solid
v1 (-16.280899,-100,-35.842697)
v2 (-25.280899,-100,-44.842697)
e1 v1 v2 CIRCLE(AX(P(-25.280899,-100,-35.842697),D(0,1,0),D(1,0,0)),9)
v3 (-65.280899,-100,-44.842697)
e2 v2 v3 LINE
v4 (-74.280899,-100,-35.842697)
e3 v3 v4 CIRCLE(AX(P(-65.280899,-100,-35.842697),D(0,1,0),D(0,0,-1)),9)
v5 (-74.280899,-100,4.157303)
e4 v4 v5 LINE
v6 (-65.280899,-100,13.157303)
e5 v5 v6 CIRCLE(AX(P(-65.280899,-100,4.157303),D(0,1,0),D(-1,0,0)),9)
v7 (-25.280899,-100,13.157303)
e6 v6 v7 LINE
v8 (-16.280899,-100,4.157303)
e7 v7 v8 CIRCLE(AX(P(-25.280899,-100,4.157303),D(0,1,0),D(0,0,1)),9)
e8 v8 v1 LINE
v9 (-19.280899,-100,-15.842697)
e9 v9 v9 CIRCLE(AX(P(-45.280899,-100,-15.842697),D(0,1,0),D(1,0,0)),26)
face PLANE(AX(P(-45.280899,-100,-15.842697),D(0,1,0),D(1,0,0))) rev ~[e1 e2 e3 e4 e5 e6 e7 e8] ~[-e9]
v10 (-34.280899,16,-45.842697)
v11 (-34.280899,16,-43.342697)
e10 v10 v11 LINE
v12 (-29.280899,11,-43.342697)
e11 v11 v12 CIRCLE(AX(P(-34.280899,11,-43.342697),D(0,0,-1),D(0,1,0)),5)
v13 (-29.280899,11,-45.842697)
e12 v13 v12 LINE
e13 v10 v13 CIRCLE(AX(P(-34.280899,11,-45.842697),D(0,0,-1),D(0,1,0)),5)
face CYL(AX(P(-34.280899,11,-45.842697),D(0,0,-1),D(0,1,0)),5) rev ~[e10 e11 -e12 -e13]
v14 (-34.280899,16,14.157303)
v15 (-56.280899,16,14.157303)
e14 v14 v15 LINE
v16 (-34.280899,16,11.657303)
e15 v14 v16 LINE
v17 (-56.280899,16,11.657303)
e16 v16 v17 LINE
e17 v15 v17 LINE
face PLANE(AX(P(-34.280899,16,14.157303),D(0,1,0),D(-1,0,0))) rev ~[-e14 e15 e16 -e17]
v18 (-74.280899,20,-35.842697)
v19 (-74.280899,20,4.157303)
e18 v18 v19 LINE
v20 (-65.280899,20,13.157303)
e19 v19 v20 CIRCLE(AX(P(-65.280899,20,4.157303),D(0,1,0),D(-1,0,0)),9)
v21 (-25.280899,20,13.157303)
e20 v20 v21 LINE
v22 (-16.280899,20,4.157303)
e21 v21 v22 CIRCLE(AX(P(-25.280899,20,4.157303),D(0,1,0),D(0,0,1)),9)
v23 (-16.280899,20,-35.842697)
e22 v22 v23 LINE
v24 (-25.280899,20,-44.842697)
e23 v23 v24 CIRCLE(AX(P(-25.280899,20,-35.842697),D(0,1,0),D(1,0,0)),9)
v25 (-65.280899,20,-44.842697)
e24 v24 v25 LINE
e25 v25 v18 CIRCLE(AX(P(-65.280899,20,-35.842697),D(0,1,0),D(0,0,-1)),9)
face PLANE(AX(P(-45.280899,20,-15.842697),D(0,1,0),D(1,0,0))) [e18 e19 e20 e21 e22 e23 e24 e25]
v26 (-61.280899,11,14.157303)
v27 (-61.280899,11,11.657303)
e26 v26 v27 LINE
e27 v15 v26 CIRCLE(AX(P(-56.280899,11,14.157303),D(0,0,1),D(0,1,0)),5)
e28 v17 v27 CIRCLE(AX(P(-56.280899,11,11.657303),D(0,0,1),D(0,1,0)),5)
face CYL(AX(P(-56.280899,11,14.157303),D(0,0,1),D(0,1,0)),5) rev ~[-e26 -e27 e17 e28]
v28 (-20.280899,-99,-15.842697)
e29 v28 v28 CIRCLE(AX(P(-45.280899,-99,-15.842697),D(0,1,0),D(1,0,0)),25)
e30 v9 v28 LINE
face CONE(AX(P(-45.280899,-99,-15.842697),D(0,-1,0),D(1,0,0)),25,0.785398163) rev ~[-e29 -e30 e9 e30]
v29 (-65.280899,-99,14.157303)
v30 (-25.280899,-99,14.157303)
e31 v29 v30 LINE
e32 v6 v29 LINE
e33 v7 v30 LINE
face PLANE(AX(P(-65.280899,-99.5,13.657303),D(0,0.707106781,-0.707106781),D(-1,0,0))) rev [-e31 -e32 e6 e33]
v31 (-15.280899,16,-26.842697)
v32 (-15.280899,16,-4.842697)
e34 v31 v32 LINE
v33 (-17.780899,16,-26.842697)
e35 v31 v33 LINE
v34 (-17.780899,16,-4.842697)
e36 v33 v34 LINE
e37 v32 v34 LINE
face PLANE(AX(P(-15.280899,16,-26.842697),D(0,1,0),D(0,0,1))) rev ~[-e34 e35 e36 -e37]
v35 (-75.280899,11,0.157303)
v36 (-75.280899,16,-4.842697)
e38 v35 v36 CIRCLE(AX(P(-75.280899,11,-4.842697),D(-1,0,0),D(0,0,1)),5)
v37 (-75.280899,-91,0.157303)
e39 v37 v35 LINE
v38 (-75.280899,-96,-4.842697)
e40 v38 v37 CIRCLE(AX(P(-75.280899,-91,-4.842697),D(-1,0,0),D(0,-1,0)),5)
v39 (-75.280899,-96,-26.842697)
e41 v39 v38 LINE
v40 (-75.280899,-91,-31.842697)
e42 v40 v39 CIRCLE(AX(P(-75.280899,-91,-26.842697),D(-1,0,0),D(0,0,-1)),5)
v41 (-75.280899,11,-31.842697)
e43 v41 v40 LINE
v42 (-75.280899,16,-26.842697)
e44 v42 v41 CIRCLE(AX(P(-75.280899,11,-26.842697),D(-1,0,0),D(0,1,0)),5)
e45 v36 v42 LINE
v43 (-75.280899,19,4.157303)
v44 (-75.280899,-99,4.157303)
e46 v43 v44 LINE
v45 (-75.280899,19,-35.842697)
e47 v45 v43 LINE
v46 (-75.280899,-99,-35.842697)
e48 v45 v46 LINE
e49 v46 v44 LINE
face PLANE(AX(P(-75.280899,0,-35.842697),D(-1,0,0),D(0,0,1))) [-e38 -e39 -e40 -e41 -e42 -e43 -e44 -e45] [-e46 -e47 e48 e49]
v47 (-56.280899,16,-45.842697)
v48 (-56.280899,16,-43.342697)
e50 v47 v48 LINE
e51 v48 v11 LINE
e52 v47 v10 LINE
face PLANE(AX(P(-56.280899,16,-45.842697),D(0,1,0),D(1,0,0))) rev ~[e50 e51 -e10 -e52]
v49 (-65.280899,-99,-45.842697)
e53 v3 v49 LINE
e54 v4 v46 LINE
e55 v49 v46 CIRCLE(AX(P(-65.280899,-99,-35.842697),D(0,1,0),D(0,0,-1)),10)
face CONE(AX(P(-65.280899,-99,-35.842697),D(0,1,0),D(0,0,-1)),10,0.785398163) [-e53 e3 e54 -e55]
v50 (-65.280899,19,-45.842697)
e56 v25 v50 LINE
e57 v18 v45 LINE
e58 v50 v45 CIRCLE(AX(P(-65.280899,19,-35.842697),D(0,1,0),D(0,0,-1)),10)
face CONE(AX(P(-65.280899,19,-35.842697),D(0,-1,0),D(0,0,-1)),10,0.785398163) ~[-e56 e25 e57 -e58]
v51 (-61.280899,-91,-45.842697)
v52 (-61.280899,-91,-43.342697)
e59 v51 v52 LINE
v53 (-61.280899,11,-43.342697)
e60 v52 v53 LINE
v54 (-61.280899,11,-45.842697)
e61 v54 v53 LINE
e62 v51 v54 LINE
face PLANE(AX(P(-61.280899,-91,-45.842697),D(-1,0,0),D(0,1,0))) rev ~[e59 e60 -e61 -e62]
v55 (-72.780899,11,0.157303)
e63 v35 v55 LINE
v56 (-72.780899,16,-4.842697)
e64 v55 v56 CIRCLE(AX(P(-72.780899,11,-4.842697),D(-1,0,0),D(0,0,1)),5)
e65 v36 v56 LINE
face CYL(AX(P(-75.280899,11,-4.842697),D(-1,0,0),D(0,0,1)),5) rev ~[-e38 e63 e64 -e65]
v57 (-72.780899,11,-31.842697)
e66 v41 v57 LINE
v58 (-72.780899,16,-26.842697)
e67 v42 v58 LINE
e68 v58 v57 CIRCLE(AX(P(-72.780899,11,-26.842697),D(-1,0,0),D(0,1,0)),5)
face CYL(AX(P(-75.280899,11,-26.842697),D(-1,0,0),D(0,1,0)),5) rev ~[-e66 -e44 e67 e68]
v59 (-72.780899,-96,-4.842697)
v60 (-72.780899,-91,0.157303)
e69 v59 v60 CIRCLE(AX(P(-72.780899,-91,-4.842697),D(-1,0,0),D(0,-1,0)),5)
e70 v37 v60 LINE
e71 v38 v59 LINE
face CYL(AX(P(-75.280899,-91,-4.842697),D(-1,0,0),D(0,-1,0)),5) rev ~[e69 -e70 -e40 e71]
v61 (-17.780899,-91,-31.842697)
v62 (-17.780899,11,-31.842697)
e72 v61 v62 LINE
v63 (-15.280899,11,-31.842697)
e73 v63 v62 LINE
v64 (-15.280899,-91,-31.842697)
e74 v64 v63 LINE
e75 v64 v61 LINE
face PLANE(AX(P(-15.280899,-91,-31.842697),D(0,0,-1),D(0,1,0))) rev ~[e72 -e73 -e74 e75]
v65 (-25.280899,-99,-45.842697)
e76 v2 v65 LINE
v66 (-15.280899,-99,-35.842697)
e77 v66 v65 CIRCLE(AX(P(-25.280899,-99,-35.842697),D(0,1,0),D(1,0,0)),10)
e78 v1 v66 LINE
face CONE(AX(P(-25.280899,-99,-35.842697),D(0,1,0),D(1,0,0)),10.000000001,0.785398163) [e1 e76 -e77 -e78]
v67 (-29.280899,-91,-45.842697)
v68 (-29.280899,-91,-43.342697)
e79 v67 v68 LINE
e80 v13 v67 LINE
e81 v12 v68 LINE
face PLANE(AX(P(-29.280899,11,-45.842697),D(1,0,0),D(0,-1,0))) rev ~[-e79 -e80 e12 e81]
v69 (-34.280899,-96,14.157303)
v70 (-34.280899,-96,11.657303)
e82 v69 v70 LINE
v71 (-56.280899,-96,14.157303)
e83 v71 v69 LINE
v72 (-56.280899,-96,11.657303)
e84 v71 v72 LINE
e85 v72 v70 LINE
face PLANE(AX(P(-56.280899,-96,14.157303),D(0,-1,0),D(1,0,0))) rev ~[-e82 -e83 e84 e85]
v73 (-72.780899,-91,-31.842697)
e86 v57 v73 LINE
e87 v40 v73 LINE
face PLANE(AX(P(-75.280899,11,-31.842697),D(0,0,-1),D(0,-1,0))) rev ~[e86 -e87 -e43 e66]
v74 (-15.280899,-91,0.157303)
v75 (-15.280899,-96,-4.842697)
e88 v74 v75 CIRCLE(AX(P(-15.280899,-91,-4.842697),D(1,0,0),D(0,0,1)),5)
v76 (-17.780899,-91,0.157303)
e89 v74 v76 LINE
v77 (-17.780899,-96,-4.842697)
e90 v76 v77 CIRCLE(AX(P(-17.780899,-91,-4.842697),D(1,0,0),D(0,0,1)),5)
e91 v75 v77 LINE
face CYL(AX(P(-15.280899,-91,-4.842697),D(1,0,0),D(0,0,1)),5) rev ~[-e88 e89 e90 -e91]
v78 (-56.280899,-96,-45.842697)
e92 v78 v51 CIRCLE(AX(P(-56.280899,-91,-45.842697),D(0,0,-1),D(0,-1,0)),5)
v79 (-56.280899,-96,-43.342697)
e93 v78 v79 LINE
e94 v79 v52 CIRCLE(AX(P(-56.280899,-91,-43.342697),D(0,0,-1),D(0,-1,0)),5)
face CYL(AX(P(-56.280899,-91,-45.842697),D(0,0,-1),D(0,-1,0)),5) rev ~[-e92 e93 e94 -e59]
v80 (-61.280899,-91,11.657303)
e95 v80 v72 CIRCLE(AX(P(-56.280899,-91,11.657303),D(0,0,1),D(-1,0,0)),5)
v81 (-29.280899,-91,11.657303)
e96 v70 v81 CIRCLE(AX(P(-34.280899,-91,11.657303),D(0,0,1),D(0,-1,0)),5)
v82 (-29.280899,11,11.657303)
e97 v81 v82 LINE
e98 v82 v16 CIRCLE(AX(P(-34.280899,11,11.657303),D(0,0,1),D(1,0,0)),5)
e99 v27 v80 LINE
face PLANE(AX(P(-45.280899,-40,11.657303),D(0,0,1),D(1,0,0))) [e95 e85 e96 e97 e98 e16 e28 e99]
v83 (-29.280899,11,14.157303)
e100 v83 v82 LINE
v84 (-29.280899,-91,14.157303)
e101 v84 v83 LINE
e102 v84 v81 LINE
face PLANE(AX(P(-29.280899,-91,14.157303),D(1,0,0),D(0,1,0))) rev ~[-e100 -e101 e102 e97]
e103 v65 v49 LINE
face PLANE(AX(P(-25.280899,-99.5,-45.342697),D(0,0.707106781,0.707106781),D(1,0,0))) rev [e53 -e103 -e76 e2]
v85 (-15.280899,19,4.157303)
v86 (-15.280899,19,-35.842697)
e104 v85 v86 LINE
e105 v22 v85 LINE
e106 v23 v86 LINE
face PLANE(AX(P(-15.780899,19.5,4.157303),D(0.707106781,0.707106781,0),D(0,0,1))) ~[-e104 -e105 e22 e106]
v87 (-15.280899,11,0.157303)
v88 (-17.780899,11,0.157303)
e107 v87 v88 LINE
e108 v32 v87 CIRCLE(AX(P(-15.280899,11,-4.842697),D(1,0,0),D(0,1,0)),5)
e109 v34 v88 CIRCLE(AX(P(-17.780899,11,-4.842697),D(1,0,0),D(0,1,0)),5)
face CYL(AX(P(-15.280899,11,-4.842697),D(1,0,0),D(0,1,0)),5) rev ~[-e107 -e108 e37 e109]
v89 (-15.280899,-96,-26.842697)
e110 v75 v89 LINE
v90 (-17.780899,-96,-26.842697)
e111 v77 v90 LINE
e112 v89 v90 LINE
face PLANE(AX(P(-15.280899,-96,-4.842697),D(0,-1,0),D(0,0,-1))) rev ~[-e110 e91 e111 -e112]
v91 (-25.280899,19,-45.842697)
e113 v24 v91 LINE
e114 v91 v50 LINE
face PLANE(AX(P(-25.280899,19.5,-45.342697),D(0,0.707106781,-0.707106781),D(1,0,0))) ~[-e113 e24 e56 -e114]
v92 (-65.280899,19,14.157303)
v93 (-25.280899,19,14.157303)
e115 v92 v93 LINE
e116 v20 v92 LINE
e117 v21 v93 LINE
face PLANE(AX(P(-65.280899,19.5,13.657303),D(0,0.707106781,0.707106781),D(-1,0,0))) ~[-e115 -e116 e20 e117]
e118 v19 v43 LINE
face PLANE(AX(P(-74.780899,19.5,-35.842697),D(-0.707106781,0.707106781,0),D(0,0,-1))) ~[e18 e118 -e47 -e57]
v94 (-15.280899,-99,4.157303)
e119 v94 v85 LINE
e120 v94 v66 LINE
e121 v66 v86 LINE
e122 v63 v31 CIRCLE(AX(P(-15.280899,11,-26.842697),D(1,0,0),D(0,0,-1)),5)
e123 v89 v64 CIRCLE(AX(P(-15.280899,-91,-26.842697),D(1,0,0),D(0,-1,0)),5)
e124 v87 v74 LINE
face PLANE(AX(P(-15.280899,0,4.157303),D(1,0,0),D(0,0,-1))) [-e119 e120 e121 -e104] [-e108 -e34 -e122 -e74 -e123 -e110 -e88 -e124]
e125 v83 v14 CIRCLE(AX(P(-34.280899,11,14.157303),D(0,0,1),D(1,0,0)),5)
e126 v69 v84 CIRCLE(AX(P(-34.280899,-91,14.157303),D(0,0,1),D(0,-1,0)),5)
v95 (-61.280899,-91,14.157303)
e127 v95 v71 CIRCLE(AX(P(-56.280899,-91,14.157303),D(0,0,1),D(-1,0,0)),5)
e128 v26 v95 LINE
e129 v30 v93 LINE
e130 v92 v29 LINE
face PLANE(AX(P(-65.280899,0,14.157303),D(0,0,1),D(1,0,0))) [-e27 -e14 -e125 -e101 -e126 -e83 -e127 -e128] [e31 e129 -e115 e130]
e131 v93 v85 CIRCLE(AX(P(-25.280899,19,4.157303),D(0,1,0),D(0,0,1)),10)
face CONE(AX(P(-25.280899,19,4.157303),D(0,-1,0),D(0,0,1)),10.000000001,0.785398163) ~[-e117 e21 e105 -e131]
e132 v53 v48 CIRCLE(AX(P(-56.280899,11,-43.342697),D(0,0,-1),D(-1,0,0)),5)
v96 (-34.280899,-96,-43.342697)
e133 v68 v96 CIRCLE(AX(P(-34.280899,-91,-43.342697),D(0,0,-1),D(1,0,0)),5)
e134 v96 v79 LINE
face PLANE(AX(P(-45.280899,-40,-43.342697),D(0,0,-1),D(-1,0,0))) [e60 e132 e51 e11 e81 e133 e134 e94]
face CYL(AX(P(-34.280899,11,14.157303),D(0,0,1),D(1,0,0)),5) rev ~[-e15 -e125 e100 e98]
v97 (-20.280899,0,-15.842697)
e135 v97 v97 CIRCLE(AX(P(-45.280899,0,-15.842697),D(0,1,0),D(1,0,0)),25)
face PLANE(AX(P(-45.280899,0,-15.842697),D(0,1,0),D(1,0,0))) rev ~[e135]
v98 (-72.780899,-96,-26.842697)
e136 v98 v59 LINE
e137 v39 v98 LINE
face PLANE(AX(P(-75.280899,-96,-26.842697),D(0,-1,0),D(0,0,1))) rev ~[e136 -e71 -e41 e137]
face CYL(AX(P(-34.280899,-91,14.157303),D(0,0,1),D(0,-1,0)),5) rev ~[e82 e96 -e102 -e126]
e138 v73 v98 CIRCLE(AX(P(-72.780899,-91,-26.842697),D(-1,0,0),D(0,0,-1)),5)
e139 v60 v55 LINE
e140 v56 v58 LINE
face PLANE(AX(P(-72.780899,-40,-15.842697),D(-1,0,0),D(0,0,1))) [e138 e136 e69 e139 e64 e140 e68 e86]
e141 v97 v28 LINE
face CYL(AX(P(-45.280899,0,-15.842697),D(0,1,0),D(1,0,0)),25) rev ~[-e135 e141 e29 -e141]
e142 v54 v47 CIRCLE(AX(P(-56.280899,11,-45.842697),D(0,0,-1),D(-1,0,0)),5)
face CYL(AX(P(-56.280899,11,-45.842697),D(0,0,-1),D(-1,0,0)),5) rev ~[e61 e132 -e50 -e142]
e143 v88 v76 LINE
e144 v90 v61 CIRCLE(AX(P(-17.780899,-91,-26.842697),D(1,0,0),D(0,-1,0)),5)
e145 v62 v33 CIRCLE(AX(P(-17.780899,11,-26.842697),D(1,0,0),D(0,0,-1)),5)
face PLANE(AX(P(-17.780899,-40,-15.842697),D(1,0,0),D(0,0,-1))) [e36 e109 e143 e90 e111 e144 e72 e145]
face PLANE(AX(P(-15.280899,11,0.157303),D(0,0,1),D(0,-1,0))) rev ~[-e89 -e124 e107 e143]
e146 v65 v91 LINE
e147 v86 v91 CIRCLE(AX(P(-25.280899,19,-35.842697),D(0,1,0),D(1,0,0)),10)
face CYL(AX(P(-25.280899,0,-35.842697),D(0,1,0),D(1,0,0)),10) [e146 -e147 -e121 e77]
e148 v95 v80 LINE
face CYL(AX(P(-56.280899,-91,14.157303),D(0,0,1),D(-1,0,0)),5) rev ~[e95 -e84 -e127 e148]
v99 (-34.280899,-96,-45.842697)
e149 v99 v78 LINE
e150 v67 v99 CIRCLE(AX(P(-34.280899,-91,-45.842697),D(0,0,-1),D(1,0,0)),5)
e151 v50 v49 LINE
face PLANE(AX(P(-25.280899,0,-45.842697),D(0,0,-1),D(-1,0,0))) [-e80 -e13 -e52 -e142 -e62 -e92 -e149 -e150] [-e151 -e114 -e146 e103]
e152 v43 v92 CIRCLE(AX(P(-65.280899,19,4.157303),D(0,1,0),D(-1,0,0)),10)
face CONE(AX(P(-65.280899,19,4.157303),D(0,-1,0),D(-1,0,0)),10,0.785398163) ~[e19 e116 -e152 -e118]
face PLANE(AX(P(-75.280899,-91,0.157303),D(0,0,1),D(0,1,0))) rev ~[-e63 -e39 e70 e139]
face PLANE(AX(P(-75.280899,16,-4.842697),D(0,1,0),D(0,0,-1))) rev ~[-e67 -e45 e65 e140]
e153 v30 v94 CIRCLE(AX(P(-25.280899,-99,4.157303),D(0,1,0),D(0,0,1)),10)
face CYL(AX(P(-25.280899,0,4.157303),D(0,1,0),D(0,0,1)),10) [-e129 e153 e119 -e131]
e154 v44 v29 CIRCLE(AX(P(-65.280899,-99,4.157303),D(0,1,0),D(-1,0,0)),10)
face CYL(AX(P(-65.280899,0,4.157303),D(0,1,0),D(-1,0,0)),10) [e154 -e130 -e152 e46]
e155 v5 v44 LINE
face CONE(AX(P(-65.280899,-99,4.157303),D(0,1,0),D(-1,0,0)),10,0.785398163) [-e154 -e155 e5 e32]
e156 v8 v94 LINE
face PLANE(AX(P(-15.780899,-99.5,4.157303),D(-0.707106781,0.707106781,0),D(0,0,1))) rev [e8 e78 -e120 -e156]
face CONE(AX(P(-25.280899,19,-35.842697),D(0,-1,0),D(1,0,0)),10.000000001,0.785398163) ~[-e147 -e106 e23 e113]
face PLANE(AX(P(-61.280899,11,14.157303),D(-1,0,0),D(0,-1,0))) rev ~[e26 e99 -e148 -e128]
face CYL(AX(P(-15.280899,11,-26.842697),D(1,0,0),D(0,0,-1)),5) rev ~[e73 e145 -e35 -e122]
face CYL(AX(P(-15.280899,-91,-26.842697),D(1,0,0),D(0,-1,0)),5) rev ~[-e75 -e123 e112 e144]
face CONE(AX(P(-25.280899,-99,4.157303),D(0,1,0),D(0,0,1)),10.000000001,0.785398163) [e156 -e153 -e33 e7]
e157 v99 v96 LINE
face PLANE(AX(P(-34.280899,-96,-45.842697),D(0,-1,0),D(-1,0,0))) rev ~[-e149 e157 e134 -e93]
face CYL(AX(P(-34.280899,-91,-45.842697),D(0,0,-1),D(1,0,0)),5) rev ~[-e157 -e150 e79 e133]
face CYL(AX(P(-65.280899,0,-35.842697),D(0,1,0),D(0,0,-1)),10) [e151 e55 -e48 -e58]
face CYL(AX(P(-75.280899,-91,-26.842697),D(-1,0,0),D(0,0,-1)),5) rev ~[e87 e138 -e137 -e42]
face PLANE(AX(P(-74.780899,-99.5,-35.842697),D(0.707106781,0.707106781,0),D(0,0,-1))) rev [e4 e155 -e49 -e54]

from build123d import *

# Parameters (mm, degrees)
BOSS_EXTRUDE1_DEPTH = 20
BOSS_EXTRUDE2_START = -100
SKETCH1_3_R         = 25
BOSS_EXTRUDE2_DEPTH = 100
CUT_EXTRUDE1_DEPTH  = 2.5
CIRPATTERN1_COUNT   = 4
CHAMFER1_SIZE       = 1


with BuildPart() as part:
    # Sketch1 → Boss-Extrude1 (new body)
    with BuildSketch(Plane(origin=(0, 0, 0), x_dir=(1, 0, 0), z_dir=(0, 1, 0))):
        with BuildLine():
            Line((-65.280898876, -14.157303371), (-25.280898876, -14.157303371))
            ThreePointArc((-25.280898876, -14.157303371), (-18.209831065, -11.228371183), (-15.280898876, -4.157303371))
            Line((-15.280898876, -4.157303371), (-15.280898876, 35.842696629))
            ThreePointArc((-15.280898876, 35.842696629), (-18.209831065, 42.913764441), (-25.280898876, 45.842696629))
            Line((-25.280898876, 45.842696629), (-65.280898876, 45.842696629))
            ThreePointArc((-65.280898876, 45.842696629), (-72.351966688, 42.913764441), (-75.280898876, 35.842696629))
            Line((-75.280898876, 35.842696629), (-75.280898876, -4.157303371))
            ThreePointArc((-75.280898876, -4.157303371), (-72.351966688, -11.228371183), (-65.280898876, -14.157303371))
        make_face()
    extrude(amount=BOSS_EXTRUDE1_DEPTH)

    # Sketch1<3> → Boss-Extrude2 (add)
    with BuildSketch(Plane(origin=(0, 0, 0), x_dir=(1, 0, 0), z_dir=(0, 1, 0)).offset(BOSS_EXTRUDE2_START)):
        with BuildLine():
            Line((-65.280898876, -14.157303371), (-25.280898876, -14.157303371))
            ThreePointArc((-25.280898876, -14.157303371), (-18.209831065, -11.228371183), (-15.280898876, -4.157303371))
            Line((-15.280898876, -4.157303371), (-15.280898876, 35.842696629))
            ThreePointArc((-15.280898876, 35.842696629), (-18.209831065, 42.913764441), (-25.280898876, 45.842696629))
            Line((-25.280898876, 45.842696629), (-65.280898876, 45.842696629))
            ThreePointArc((-65.280898876, 45.842696629), (-72.351966688, 42.913764441), (-75.280898876, 35.842696629))
            Line((-75.280898876, 35.842696629), (-75.280898876, -4.157303371))
            ThreePointArc((-75.280898876, -4.157303371), (-72.351966688, -11.228371183), (-65.280898876, -14.157303371))
        make_face()
        with Locations((-45.280898876, 15.842696629)):
            Circle(SKETCH1_3_R, mode=Mode.SUBTRACT)
    extrude(amount=BOSS_EXTRUDE2_DEPTH)

    # Sketch2 → Cut-Extrude1 (cut)
    with BuildSketch(Plane(origin=(0, 0, -45.842696629), x_dir=(-1, 0, 0), z_dir=(0, 0, -1))):
        with BuildLine():
            Line((61.280898876, -91), (61.280898876, 11))
            ThreePointArc((61.280898876, 11), (59.816432782, 14.535533906), (56.280898876, 16))
            Line((56.280898876, 16), (34.280898876, 16))
            ThreePointArc((34.280898876, 16), (30.74536497, 14.535533906), (29.280898876, 11))
            Line((29.280898876, 11), (29.280898876, -91))
            ThreePointArc((29.280898876, -91), (30.74536497, -94.535533906), (34.280898876, -96))
            Line((34.280898876, -96), (56.280898876, -96))
            ThreePointArc((56.280898876, -96), (59.816432782, -94.535533906), (61.280898876, -91))
        make_face()
    cut_extrude1 = extrude(amount=-CUT_EXTRUDE1_DEPTH, mode=Mode.SUBTRACT)

    # CirPattern1: Cut-Extrude1 ×4 about axis
    cirpattern1_axis = Axis((-45.280898876, -100, -15.842696629), (0, 1, 0))
    for i in range(1, CIRPATTERN1_COUNT):
        add(cut_extrude1.rotate(cirpattern1_axis, i * 360 / CIRPATTERN1_COUNT), mode=Mode.SUBTRACT)

    # Chamfer1
    chamfer1_edges = [part.edges().sort_by_distance(p)[0] for p in [
        (-70.280898876, -100, -15.842696629),
        (-75.280898876, -100, -15.842696629),
        (-72.351966688, -100, -42.913764441),
        (-45.280898876, -100, -45.842696629),
        (-18.209831065, -100, -42.913764441),
        (-15.280898876, -100, -15.842696629),
        (-18.209831065, -100, 11.228371183),
        (-45.280898876, -100, 14.157303371),
        (-72.351966688, -100, 11.228371183),
        (-18.209831065, 20, 11.228371183),
        (-18.209831065, 20, -42.913764441),
        (-72.351966688, 20, -42.913764441),
        (-72.351966688, 20, 11.228371183),
        (-45.280898876, 20, -45.842696629),
        (-15.280898876, 20, -15.842696629),
        (-45.280898876, 20, 14.157303371),
        (-75.280898876, 20, -15.842696629),
    ]]
    chamfer(chamfer1_edges, length=CHAMFER1_SIZE)


solid = part.part
